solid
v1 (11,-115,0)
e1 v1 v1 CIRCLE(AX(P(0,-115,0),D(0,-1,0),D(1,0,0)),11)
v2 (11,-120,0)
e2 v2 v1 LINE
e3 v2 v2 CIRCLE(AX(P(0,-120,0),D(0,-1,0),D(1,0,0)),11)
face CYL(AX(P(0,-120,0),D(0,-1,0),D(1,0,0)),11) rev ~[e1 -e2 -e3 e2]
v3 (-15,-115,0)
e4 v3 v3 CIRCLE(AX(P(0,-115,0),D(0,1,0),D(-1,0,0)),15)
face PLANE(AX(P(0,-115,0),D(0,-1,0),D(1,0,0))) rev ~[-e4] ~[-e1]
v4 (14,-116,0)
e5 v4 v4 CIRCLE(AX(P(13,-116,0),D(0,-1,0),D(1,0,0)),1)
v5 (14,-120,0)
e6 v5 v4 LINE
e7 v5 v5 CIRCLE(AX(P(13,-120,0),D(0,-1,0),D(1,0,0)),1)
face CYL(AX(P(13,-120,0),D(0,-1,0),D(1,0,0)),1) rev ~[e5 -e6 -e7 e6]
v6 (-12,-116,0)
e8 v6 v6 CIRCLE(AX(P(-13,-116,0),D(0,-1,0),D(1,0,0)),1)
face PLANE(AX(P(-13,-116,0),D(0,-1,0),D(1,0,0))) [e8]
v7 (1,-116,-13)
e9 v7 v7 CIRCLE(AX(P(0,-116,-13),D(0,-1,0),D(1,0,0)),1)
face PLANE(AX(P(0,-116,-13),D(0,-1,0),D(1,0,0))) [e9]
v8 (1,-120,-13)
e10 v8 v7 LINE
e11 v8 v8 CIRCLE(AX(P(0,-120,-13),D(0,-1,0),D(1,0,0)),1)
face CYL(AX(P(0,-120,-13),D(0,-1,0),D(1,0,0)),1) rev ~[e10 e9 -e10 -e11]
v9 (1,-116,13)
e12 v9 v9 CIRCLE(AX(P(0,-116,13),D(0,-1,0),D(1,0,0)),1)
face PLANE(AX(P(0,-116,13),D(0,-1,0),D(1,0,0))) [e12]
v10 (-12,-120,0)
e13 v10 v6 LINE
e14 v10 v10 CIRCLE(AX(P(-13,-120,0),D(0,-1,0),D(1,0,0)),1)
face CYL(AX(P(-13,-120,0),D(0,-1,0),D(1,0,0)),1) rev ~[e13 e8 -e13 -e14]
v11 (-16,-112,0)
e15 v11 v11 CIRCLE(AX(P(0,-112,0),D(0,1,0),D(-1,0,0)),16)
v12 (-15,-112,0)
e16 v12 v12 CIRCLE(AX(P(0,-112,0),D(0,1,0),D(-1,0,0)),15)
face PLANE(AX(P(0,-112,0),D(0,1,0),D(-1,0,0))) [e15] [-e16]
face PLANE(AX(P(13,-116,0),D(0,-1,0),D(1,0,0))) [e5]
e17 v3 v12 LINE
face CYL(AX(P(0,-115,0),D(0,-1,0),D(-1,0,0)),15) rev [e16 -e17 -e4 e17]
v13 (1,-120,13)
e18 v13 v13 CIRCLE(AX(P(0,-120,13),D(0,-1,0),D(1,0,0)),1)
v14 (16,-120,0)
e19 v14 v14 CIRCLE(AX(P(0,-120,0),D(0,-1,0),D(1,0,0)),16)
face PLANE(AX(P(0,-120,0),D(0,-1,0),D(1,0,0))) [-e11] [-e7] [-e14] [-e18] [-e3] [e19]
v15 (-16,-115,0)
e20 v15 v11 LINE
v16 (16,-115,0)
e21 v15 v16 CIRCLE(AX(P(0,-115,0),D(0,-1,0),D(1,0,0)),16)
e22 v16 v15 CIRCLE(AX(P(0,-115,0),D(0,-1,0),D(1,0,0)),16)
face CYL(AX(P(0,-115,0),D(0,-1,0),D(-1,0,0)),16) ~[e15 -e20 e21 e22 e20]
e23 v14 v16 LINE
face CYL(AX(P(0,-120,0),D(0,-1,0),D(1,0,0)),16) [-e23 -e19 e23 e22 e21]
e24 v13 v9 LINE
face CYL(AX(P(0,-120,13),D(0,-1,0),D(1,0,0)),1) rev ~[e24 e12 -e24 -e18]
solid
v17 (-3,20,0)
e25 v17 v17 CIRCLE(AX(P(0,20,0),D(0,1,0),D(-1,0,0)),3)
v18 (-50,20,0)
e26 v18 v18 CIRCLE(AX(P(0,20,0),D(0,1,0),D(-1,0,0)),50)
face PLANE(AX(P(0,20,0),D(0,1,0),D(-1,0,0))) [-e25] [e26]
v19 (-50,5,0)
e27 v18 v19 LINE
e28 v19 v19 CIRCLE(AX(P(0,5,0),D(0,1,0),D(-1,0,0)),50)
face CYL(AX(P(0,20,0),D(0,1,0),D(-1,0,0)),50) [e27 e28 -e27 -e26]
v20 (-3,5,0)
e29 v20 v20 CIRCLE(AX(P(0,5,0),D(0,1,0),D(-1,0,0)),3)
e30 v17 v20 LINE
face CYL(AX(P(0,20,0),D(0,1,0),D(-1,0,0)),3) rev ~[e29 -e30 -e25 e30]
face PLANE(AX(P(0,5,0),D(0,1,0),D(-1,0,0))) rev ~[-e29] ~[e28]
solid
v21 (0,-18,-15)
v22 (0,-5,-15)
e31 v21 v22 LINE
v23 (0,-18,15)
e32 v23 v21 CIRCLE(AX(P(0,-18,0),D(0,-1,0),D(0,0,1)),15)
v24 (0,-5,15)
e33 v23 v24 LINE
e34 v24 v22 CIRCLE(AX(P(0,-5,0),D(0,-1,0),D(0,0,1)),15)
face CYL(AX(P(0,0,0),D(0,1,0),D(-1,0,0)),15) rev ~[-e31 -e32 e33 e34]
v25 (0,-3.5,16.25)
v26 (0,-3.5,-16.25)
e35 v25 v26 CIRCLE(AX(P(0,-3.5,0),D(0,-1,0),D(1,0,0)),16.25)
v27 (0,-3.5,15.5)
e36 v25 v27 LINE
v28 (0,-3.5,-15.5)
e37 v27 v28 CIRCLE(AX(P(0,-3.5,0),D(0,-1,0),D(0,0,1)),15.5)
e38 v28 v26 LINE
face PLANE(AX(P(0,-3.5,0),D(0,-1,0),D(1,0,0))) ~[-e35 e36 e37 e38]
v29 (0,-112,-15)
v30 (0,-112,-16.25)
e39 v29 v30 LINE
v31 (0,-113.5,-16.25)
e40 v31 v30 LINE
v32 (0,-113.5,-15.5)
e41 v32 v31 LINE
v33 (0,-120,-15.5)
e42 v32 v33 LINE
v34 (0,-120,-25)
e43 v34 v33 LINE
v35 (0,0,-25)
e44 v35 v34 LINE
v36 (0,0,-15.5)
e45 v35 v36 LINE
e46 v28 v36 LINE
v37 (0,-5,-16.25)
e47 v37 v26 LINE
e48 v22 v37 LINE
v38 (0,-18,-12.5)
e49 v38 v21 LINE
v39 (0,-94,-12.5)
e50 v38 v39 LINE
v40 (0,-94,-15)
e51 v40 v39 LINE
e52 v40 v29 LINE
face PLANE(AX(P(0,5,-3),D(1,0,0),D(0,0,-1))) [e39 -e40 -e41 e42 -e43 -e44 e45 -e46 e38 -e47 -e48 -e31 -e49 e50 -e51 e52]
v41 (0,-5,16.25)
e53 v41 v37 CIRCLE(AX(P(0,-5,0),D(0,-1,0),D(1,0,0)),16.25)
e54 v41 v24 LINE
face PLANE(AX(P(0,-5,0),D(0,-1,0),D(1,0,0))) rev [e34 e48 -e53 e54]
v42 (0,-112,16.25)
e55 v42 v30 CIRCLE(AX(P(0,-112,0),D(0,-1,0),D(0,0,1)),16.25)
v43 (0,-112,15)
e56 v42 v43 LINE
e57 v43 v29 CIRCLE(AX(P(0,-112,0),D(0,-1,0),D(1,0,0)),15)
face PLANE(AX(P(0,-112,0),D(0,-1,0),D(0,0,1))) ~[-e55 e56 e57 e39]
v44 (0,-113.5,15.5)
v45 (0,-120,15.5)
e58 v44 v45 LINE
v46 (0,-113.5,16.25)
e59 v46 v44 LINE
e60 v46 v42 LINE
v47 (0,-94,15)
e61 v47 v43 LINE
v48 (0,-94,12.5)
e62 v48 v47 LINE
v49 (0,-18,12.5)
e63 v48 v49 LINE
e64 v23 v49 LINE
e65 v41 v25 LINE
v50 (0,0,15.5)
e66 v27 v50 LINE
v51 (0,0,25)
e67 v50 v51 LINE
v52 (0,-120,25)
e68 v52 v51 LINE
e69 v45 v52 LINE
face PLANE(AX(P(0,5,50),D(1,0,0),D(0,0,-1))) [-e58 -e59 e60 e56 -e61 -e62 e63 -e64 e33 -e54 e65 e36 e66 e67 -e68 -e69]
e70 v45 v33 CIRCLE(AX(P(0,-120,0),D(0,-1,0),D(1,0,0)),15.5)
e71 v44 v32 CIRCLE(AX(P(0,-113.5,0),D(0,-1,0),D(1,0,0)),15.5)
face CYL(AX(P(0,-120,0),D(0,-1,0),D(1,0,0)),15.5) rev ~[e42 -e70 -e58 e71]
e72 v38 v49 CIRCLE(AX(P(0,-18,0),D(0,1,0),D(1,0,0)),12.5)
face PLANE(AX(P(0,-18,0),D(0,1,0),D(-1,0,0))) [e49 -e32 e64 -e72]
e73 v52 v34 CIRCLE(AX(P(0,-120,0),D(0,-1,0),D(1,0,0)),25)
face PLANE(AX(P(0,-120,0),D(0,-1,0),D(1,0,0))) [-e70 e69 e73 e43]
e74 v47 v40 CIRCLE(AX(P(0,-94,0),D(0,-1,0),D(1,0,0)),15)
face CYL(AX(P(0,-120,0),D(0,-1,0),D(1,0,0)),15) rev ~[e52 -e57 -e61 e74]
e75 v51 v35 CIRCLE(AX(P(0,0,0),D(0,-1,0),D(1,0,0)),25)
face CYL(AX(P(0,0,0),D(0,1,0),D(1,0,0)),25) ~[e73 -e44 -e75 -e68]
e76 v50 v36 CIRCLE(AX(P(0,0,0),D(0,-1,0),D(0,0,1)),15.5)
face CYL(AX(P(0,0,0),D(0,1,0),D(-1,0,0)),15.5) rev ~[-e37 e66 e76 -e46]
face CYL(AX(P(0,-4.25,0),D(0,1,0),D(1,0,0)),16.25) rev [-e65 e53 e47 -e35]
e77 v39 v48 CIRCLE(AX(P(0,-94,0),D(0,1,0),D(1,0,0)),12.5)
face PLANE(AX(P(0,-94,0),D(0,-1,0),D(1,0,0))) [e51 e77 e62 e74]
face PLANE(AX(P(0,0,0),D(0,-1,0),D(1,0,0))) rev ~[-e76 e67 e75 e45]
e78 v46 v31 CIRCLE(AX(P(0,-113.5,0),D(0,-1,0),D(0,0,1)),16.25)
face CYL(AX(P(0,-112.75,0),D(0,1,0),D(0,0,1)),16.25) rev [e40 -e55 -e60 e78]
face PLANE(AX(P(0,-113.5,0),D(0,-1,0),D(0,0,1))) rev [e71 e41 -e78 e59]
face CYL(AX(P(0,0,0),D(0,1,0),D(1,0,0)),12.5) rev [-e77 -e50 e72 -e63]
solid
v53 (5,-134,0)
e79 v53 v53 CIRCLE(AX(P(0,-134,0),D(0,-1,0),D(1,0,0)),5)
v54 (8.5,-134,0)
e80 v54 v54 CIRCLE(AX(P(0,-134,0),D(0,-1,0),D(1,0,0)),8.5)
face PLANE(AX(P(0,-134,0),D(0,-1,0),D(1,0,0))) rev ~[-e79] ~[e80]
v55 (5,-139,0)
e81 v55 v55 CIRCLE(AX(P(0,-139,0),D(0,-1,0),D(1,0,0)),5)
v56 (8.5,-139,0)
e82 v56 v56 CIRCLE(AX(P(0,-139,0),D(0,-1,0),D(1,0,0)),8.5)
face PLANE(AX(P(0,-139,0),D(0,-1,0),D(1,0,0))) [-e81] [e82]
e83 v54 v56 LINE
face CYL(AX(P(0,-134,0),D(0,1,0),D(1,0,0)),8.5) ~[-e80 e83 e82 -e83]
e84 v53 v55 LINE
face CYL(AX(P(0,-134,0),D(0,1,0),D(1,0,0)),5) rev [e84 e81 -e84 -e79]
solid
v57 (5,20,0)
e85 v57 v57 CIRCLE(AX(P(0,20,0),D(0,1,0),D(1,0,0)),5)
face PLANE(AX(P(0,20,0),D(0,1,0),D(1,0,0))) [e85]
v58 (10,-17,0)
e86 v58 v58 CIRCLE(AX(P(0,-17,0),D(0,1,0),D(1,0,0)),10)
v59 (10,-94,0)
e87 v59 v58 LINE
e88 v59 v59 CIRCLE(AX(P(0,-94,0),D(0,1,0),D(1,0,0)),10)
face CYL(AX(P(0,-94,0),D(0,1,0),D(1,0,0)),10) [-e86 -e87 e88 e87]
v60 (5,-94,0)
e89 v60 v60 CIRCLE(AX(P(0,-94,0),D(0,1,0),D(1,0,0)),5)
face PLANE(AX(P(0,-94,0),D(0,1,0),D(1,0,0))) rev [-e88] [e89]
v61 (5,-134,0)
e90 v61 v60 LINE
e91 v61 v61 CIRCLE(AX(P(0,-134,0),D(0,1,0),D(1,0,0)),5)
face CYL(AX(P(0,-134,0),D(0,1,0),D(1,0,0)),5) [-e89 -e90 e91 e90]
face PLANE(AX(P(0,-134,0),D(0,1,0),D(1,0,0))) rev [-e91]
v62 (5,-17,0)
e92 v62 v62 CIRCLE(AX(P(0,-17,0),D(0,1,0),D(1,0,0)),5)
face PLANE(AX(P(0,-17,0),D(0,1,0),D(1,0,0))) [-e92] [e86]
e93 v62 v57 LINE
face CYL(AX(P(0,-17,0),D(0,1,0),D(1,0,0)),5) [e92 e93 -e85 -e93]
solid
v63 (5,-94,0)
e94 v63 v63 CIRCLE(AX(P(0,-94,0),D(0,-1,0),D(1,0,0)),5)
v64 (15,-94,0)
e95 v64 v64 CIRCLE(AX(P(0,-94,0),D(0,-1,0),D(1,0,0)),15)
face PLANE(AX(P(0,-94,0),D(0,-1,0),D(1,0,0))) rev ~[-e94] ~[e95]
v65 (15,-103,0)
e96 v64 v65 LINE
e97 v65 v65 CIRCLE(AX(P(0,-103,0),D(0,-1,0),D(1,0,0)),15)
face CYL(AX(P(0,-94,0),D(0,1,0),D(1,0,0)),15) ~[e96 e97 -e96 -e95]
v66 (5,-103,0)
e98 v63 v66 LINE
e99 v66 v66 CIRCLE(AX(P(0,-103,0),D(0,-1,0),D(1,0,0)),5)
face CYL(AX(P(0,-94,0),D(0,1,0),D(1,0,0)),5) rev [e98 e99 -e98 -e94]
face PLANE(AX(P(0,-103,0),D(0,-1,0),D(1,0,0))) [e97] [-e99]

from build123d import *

# Parameters (mm, degrees)
F0_R      = 25
F0_R_2    = 12.5
F1_DEPTH  = 120
F2_R      = 15
F3_DEPTH  = 26
F4_R      = 15
F5_DEPTH  = 18
F6_R      = 15
F6_R_2    = 5
F7_DEPTH  = 9
F8_R      = 15.5
F9_DEPTH  = 5
F10_W     = 2.0336253941
F10_H     = 1.5
F12_R     = 15.5
F13_DEPTH = 8
F14_W     = 1.5
F14_H     = 3.402102628
F16_R     = 16
F16_R_2   = 11
F17_DEPTH = 5
F18_R     = 1
F19_DEPTH = 4
F20_R     = 16
F20_R_2   = 15
F21_DEPTH = 3
F24_R     = 50
F24_R_2   = 3
F25_DEPTH = 15
F26_R     = 8.5
F26_R_2   = 5
F27_DEPTH = 5
F29_DEPTH = 25
F30_W     = 78.1155228615
F30_H     = 117.9010644555
F31_DEPTH = 148.1


with BuildPart() as f1:
    # F0 (on Front) → F1 (new body)
    with BuildSketch(Plane.XZ):
        Circle(F0_R)
        Circle(F0_R_2, mode=Mode.SUBTRACT)
    extrude(amount=F1_DEPTH)

    # F2 (on face) → F3 (cut)
    with BuildSketch(Plane.XZ.offset(120)):
        Circle(F2_R)
    extrude(amount=-F3_DEPTH, mode=Mode.SUBTRACT)

    # F4 (on face) → F5 (cut)
    with BuildSketch(Plane(origin=(0, 0, 0), x_dir=(-1, 0, 0), z_dir=(0, 1, 0))):
        Circle(F4_R)
    extrude(amount=-F5_DEPTH, mode=Mode.SUBTRACT)

    # F8 (on face) → F9 (cut)
    with BuildSketch(Plane(origin=(0, 0, 0), x_dir=(-1, 0, 0), z_dir=(0, 1, 0))):
        Circle(F8_R)
    extrude(amount=-F9_DEPTH, mode=Mode.SUBTRACT)

    # F10 (on Top) → F11 (revolve, cut)
    with BuildSketch(Plane.XY):
        with Locations((15.2331873029, -4.25)):
            Rectangle(F10_W, F10_H)
    revolve(axis=Axis((0, -4.2630452663, 0), (0, -1, 0)), mode=Mode.SUBTRACT)

    # F12 (on face) → F13 (cut)
    with BuildSketch(Plane.XZ.offset(120)):
        Circle(F12_R)
    extrude(amount=-F13_DEPTH, mode=Mode.SUBTRACT)

    # F14 (on Right) → F15 (revolve, cut)
    with BuildSketch(Plane.YZ):
        with Locations((-112.75, 14.548948686)):
            Rectangle(F14_W, F14_H)
    revolve(axis=Axis((0, -92.9998606443, 0), (0, -1, 0)), mode=Mode.SUBTRACT)

    # F28 (on face) → F29 (cut)
    with BuildSketch(Plane.XZ.offset(-5)):
        with BuildLine():
            ThreePointArc((50, 0), (35.3553390593, 35.3553390593), (0, 50))
            Line((0, 50), (0, 3))
            ThreePointArc((0, 3), (2.1213203436, 2.1213203436), (3, 0))
            ThreePointArc((3, 0), (2.1213203436, -2.1213203436), (0, -3))
            Line((0, -3), (0, -50))
            ThreePointArc((0, -50), (35.3553390593, -35.3553390593), (50, 0))
        make_face()
    extrude(amount=F29_DEPTH, mode=Mode.SUBTRACT)

    # F30 (on face) → F31 (cut)
    with BuildSketch(Plane.XZ.offset(120)):
        with Locations((39.0577614307, -4.8518963158)):
            Rectangle(F30_W, F30_H)
    extrude(amount=-F31_DEPTH, mode=Mode.SUBTRACT)


with BuildPart() as f7:
    # F6 (on face) → F7 (new body)
    with BuildSketch(Plane.XZ.offset(94)):
        Circle(F6_R)
        Circle(F6_R_2, mode=Mode.SUBTRACT)
    extrude(amount=F7_DEPTH)


with BuildPart() as f17:
    # F16 (on face) → F17 (new body)
    with BuildSketch(Plane.XZ.offset(120)):
        Circle(F16_R)
        Circle(F16_R_2, mode=Mode.SUBTRACT)
    extrude(amount=-F17_DEPTH)

    # F18 (on face) → F19 (cut)
    with BuildSketch(Plane.XZ.offset(120)):
        with Locations((0, 13)):
            Circle(F18_R)
        with Locations((0, -13)):
            Circle(F18_R)
        with Locations((-13, 0)):
            Circle(F18_R)
        with Locations((13, 0)):
            Circle(F18_R)
    extrude(amount=-F19_DEPTH, mode=Mode.SUBTRACT)

    # F20 (on face) → F21 (join)
    with BuildSketch(Plane(origin=(0, -115, 0), x_dir=(-1, 0, 0), z_dir=(0, 1, 0))):
        Circle(F20_R)
        Circle(F20_R_2, mode=Mode.SUBTRACT)
    extrude(amount=F21_DEPTH)


with BuildPart() as f23:
    # F22 (on Top) → F23 (revolve)
    with BuildSketch(Plane.XY):
        Polygon((0, 20), (0, 0), (0, -134), (5, -134), (5, -94), (10, -94), (10, -17), (5, -17), (5, 20), align=None)
    revolve(axis=Axis((0, 24.7967958012, 0), (0, 1, 0)))


with BuildPart() as f25:
    # F24 (on face) → F25 (new body)
    with BuildSketch(Plane(origin=(0, 20, 0), x_dir=(-1, 0, 0), z_dir=(0, 1, 0))):
        Circle(F24_R)
        Circle(F24_R_2, mode=Mode.SUBTRACT)
    extrude(amount=-F25_DEPTH)


with BuildPart() as f27:
    # F26 (on face) → F27 (new body)
    with BuildSketch(Plane.XZ.offset(134)):
        Circle(F26_R)
        Circle(F26_R_2, mode=Mode.SUBTRACT)
    extrude(amount=F27_DEPTH)


solid = Compound([f1.part, f7.part, f17.part, f23.part, f25.part, f27.part])
